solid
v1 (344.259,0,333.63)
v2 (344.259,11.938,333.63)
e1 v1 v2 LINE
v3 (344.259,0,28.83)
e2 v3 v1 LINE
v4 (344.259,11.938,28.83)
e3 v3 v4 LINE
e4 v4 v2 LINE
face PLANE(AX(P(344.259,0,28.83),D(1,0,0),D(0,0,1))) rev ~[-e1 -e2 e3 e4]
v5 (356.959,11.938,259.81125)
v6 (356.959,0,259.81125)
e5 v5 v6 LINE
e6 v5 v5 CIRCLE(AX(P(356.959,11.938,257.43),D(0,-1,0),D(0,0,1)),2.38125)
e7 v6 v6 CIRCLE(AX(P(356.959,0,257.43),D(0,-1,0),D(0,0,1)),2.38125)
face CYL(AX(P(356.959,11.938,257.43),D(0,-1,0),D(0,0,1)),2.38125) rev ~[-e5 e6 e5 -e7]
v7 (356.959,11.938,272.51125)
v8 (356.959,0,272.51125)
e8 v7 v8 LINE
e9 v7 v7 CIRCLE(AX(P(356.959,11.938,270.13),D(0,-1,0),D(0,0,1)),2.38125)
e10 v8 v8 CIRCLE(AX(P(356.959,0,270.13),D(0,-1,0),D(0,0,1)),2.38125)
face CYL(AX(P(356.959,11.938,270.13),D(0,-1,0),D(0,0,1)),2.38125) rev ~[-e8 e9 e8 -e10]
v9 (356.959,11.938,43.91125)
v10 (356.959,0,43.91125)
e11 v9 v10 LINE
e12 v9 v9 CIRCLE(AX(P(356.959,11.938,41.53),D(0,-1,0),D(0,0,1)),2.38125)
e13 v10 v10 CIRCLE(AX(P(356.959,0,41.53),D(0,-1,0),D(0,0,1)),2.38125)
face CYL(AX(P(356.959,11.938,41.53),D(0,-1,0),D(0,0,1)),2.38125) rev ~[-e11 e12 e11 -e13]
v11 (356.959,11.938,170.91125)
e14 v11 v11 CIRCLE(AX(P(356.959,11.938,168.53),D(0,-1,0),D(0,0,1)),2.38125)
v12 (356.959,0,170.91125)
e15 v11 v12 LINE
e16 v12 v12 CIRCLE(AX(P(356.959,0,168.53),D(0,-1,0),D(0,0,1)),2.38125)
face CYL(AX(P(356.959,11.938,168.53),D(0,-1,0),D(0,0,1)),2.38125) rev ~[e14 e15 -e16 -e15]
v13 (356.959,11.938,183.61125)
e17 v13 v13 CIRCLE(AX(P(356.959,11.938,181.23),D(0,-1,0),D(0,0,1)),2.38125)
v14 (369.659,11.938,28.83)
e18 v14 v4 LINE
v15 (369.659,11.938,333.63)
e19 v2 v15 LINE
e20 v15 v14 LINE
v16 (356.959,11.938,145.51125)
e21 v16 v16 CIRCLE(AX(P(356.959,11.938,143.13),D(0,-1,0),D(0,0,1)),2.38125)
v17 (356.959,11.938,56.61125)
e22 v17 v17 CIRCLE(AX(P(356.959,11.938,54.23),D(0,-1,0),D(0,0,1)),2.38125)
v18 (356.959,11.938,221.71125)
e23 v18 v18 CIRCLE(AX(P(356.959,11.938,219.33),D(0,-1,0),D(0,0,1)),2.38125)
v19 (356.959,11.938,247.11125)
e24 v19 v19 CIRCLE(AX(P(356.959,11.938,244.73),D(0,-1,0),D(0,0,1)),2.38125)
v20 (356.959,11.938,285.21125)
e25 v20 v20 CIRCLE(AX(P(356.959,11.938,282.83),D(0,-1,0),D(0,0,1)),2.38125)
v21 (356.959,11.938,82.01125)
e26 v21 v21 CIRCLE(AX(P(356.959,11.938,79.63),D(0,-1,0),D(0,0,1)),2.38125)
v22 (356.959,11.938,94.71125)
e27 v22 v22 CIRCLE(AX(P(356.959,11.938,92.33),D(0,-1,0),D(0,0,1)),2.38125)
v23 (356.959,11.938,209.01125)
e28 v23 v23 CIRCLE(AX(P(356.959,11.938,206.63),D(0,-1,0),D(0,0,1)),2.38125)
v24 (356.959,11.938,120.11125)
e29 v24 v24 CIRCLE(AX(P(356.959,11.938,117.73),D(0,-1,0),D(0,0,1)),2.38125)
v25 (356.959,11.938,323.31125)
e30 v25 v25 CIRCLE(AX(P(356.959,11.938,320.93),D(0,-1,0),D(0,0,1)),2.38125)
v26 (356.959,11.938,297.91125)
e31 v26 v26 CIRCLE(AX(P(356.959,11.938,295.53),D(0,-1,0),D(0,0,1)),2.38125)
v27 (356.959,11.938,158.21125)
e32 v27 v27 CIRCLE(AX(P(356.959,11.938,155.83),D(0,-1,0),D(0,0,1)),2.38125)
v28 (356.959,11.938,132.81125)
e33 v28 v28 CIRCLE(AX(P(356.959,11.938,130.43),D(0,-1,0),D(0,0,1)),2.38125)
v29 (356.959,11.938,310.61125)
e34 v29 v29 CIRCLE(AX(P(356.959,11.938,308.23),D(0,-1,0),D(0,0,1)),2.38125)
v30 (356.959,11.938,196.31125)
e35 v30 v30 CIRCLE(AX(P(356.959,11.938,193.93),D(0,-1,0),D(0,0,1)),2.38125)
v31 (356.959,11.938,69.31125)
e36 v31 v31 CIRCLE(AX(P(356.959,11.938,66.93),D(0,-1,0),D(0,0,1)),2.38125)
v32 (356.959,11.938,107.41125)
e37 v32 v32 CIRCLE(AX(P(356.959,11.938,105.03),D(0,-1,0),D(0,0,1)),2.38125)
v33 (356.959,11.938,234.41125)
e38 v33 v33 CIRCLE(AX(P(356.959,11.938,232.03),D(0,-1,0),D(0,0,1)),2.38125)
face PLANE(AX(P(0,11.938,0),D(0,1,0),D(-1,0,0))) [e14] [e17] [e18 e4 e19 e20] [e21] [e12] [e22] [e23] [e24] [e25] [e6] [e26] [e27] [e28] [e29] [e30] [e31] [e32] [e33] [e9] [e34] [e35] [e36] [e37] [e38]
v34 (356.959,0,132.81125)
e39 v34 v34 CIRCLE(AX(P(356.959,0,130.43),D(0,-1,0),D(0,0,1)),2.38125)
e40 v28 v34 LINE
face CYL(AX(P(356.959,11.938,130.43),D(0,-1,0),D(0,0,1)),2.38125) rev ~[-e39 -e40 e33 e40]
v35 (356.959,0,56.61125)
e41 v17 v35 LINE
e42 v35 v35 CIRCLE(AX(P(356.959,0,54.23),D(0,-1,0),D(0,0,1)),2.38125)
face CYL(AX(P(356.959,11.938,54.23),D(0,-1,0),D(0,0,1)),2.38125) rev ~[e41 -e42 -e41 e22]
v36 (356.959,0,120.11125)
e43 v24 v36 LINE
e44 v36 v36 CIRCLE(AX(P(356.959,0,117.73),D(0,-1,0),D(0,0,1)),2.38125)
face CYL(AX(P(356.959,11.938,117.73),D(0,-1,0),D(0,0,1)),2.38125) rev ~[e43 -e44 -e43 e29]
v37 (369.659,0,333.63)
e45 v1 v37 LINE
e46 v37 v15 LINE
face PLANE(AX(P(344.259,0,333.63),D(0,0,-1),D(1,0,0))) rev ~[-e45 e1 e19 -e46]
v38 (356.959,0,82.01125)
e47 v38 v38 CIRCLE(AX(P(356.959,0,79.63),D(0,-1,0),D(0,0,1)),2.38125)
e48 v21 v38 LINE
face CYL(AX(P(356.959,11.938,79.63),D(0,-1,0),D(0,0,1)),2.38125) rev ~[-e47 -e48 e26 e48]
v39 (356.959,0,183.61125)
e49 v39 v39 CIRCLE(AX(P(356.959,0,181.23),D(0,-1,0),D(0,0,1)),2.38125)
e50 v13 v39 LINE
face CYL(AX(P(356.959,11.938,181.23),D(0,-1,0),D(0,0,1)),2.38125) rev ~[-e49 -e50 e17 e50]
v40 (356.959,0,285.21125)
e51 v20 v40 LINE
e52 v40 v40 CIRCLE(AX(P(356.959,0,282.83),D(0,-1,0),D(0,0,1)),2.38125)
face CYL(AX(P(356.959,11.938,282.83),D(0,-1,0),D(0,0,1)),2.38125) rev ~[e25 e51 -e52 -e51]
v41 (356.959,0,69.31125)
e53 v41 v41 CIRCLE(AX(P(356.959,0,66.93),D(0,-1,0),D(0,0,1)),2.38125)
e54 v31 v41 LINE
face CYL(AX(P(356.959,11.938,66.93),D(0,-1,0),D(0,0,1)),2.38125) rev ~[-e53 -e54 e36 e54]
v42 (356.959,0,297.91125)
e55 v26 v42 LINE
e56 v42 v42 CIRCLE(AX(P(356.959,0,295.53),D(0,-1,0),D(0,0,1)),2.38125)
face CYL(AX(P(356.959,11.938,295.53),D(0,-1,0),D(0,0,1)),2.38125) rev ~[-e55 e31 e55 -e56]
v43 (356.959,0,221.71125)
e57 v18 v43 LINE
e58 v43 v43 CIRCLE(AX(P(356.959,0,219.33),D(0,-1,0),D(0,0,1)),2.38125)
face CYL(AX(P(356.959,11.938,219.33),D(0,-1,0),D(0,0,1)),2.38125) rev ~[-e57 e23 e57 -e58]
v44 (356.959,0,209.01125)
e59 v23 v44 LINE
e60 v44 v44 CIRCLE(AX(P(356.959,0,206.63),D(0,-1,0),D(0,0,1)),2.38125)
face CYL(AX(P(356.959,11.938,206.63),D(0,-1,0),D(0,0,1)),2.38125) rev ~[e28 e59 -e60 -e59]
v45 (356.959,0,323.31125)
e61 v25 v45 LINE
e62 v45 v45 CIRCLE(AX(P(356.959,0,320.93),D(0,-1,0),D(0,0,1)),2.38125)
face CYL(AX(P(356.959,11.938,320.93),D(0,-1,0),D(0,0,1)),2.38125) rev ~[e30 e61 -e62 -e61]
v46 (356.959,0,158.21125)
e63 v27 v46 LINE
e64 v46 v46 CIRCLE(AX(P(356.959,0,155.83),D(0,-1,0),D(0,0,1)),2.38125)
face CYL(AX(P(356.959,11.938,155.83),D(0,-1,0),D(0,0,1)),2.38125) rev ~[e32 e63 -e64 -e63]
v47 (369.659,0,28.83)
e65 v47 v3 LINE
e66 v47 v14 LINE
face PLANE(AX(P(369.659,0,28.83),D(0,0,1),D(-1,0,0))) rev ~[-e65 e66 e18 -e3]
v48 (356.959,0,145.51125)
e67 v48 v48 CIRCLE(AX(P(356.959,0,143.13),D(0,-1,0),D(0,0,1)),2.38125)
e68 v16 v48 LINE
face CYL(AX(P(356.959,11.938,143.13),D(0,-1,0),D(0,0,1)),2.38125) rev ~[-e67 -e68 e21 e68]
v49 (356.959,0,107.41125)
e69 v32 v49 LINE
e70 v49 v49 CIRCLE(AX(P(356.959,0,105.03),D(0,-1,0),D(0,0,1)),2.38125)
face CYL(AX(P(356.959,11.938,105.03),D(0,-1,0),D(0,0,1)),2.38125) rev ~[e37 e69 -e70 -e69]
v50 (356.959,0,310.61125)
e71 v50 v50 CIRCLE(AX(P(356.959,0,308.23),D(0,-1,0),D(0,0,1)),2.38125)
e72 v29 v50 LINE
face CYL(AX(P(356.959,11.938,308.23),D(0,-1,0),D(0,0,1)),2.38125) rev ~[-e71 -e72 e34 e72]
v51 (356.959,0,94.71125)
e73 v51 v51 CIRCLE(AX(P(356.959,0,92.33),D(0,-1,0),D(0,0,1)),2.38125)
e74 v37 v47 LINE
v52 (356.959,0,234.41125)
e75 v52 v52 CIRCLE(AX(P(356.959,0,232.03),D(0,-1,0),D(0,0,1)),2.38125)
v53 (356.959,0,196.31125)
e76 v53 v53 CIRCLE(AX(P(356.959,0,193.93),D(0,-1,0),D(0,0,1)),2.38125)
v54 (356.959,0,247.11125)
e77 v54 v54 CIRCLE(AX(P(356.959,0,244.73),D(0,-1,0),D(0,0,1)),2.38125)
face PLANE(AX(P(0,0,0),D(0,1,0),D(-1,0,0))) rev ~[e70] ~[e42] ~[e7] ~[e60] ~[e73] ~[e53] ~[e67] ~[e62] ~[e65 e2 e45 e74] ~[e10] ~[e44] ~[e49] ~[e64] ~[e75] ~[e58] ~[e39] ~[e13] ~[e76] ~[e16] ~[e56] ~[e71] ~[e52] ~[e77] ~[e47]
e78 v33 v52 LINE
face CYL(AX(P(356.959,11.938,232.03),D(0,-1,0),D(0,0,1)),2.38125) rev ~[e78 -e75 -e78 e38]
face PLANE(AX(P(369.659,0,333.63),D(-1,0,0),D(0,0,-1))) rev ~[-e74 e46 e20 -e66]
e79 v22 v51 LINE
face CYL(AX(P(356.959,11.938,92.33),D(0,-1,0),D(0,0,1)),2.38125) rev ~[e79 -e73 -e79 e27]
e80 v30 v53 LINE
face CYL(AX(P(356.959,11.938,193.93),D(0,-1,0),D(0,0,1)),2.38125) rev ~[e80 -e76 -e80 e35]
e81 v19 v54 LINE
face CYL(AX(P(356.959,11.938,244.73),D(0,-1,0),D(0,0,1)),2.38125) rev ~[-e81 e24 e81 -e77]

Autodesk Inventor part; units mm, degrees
ref_plane "YZ Plane" through (0, 0, 0) normal (1, 0, 0) x (0, 1, 0)
ref_plane "XZ Plane" through (0, 0, 0) normal (0, 1, 0) x (-1, 0, 0)
ref_plane "XY Plane" through (0, 0, 0) normal (0, 0, 1) x (1, 0, 0)
sketch "Sketch1" plane through (0, 0, 0) normal (0, 1, 0) x (-1, 0, 0)
  line L0 (-344.259, 333.63) -> (-369.659, 333.63)
  line L1 (-369.659, 333.63) -> (-369.659, 28.83)
  line L2 (-369.659, 28.83) -> (-344.259, 28.83)
  line L3 (-344.259, 28.83) -> (-344.259, 333.63)
  point P0 (0, 0)
  dimension "d0" = 25.4
  dimension "d1" = 304.8
extrude "Extrusion1" add sketch "Sketch1" along normal blind 11.938
sketch "Sketch2" plane through (0, 11.938, 0) normal (0, 1, 0) x (1, 0, 0)
  line L0 (369.659, -28.83) -> (344.259, -28.83) projected
  line L1 (356.959, -28.83) -> (356.959, -333.63) construction
  circle A0 centre (356.959, -41.53) radius 2.3813
  circle A1 centre (356.959, -54.23) radius 2.3813
  circle A2 centre (356.959, -66.93) radius 2.3813
  circle A3 centre (356.959, -79.63) radius 2.3813
  circle A4 centre (356.959, -92.33) radius 2.3813
  circle A5 centre (356.959, -105.03) radius 2.3813
  circle A6 centre (356.959, -117.73) radius 2.3813
  circle A7 centre (356.959, -130.43) radius 2.3813
  circle A8 centre (356.959, -143.13) radius 2.3813
  circle A9 centre (356.959, -155.83) radius 2.3813
  circle A10 centre (356.959, -168.53) radius 2.3813
  circle A11 centre (356.959, -181.23) radius 2.3813
  circle A12 centre (356.959, -193.93) radius 2.3813
  circle A13 centre (356.959, -206.63) radius 2.3813
  circle A14 centre (356.959, -219.33) radius 2.3813
  circle A15 centre (356.959, -232.03) radius 2.3813
  circle A16 centre (356.959, -244.73) radius 2.3813
  circle A17 centre (356.959, -257.43) radius 2.3813
  circle A18 centre (356.959, -270.13) radius 2.3813
  circle A19 centre (356.959, -282.83) radius 2.3813
  circle A20 centre (356.959, -295.53) radius 2.3813
  circle A21 centre (356.959, -308.23) radius 2.3813
  circle A22 centre (356.959, -320.93) radius 2.3813
  point P0 (0, 0)
  dimension "d20" = 4.7625
  dimension "d21" = 12.7
  dimension "d24" = 12.7
hole "Hole1" at (356.959, 11.938, 41.53) at (356.959, 11.938, 54.23) at (356.959, 11.938, 66.93) at (356.959, 11.938, 79.63) at (356.959, 11.938, 92.33) at (356.959, 11.938, 105.03) at (356.959, 11.938, 117.73) at (356.959, 11.938, 130.43) at (356.959, 11.938, 143.13) at (356.959, 11.938, 155.83) at (356.959, 11.938, 168.53) at (356.959, 11.938, 181.23) at (356.959, 11.938, 193.93) at (356.959, 11.938, 206.63) at (356.959, 11.938, 219.33) at (356.959, 11.938, 232.03) at (356.959, 11.938, 244.73) at (356.959, 11.938, 257.43) at (356.959, 11.938, 270.13) at (356.959, 11.938, 282.83) at (356.959, 11.938, 295.53) at (356.959, 11.938, 308.23) at (356.959, 11.938, 320.93) direction (0, -1, 0) diameter 4.7625 end through all
properties part number "linkage"
